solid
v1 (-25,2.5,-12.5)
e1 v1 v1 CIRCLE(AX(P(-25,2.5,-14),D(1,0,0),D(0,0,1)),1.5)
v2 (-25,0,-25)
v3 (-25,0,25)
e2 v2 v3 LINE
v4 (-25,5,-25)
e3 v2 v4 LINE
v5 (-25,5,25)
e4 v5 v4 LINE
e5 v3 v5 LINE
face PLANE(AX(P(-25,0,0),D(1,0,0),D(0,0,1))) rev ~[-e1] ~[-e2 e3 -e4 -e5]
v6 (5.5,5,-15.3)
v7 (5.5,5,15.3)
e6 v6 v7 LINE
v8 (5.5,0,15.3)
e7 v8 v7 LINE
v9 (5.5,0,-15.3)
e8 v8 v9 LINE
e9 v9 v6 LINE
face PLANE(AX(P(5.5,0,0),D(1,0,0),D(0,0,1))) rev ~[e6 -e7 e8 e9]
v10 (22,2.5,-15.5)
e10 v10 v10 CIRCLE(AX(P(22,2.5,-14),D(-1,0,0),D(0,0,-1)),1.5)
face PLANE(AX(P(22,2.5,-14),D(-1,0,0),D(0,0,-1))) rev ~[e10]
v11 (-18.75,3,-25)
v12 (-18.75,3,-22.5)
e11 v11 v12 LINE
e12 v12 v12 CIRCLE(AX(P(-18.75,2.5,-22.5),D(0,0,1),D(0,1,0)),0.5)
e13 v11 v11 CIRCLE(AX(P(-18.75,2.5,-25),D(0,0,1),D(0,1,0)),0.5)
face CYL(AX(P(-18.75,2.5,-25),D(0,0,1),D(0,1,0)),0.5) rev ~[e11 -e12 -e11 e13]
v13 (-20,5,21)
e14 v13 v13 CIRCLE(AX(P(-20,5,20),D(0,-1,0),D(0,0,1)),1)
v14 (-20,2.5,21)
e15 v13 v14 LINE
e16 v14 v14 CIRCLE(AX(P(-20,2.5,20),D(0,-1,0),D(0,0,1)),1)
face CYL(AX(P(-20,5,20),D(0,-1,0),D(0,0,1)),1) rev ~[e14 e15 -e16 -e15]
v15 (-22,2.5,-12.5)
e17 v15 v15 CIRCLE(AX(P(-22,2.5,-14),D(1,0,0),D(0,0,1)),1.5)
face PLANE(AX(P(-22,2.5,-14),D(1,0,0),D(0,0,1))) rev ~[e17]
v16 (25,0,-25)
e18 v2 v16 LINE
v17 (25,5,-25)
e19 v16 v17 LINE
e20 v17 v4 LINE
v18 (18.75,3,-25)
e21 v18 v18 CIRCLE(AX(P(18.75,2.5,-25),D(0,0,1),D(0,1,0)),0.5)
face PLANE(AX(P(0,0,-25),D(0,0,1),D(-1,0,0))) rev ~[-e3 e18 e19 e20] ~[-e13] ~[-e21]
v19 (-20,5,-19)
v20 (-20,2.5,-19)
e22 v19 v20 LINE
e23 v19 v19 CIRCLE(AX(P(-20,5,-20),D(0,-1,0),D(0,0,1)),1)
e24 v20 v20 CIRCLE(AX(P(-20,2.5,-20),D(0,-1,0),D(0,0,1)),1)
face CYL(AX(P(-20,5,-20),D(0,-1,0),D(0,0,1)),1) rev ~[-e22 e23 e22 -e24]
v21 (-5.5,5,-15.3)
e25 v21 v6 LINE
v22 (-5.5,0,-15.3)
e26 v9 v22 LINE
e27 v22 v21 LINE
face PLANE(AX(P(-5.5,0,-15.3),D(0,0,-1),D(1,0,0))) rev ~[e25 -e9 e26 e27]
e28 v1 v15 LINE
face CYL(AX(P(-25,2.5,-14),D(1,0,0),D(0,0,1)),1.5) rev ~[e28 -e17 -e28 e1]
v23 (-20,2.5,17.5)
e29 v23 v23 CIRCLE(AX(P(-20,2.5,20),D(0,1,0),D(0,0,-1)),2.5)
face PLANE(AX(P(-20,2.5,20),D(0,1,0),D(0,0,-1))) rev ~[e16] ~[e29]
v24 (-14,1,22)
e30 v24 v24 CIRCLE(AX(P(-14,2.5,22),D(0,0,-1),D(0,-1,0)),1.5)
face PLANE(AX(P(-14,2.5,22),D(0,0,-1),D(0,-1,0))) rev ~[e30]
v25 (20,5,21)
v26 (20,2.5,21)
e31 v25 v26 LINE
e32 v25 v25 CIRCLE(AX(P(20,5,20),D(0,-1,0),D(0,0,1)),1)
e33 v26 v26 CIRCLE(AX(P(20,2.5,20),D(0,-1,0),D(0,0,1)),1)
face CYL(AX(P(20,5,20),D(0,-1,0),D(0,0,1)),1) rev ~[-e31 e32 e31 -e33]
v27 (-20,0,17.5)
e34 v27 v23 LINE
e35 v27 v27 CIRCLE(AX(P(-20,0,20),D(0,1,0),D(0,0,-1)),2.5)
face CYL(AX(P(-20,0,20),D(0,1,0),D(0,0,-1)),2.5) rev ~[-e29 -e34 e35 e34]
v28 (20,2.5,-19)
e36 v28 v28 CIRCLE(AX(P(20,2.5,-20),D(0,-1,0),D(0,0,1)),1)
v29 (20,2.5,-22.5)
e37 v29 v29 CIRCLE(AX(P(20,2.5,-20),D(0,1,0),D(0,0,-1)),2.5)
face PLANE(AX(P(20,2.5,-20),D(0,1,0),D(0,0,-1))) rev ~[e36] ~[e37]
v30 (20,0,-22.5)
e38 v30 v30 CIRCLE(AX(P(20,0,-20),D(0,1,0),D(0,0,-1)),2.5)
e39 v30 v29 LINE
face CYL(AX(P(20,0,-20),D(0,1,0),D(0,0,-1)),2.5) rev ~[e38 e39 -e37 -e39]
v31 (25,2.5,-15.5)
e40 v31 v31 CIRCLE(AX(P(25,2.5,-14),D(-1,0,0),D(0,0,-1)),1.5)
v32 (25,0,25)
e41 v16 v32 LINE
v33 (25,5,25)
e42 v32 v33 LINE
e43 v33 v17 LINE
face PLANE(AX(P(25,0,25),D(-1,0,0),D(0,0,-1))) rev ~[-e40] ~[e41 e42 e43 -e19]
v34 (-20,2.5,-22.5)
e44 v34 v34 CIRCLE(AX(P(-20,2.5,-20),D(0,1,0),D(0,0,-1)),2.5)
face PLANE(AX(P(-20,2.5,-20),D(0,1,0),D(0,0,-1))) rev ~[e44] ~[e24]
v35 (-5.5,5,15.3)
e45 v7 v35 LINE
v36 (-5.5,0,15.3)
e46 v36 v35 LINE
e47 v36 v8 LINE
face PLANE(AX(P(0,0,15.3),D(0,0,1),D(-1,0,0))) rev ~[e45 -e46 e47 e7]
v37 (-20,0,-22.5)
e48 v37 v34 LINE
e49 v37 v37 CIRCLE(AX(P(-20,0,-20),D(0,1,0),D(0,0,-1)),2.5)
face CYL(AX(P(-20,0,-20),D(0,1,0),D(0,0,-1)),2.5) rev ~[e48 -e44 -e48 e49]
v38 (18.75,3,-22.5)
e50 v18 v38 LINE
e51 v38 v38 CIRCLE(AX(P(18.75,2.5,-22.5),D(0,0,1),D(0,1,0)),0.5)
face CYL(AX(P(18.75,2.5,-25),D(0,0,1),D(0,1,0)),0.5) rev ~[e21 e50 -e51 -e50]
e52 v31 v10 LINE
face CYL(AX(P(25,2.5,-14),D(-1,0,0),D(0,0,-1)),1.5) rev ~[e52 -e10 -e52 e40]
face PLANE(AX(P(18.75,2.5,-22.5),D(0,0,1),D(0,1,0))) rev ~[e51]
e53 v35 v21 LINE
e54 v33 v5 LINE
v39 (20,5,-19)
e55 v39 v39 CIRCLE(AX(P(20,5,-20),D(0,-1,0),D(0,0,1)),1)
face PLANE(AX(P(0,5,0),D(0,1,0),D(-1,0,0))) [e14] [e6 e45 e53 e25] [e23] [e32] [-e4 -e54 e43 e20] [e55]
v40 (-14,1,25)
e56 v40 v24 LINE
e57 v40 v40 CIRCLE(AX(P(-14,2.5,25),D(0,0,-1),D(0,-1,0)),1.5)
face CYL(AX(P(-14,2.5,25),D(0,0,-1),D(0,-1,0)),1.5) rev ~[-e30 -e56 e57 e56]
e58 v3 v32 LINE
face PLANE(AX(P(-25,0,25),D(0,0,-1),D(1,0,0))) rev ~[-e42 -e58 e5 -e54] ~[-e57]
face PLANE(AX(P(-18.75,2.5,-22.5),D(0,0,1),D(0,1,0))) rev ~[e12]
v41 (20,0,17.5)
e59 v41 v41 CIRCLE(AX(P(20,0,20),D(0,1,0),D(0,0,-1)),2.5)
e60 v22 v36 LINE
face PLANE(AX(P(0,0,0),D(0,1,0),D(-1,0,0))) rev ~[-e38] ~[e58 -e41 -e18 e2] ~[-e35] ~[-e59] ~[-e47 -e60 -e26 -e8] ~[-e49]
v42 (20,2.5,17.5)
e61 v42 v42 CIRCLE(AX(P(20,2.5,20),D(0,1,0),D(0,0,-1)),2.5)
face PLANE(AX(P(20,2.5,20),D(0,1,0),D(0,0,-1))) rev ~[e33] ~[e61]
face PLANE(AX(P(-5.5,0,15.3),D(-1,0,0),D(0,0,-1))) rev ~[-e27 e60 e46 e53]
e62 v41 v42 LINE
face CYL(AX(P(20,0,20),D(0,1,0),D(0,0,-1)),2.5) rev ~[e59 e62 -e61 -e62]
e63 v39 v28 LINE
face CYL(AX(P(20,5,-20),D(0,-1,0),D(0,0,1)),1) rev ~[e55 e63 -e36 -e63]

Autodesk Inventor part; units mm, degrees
ref_plane "YZ Plane" through (0, 0, 0) normal (1, 0, 0) x (0, 1, 0)
ref_plane "XZ Plane" through (0, 0, 0) normal (0, 1, 0) x (-1, 0, 0)
ref_plane "XY Plane" through (0, 0, 0) normal (0, 0, 1) x (1, 0, 0)
sketch "Szkic1" plane through (0, 0, 0) normal (0, 1, 0) x (-1, 0, 0)
  line L0 (25, 25) -> (-25, 25)
  line L1 (-25, 25) -> (-25, -25)
  line L2 (-25, -25) -> (25, -25)
  line L3 (25, -25) -> (25, 25)
  line L4 (0, 25) -> (0, -25)
  line L5 (25, 0) -> (-25, 0)
  circle A0 centre (20, -20) radius 2.5
  circle A1 centre (20, 20) radius 2.5
  circle A2 centre (-20, -20) radius 2.5
  circle A3 centre (-20, 20) radius 2.5
  line L6 (-5.5, 15.3) -> (5.5, 15.3)
  line L7 (5.5, 15.3) -> (5.5, -15.3)
  line L8 (5.5, -15.3) -> (-5.5, -15.3)
  line L9 (-5.5, -15.3) -> (-5.5, 15.3)
  point P0 (0, 0)
  point P1 (0, 0)
  dimension "d0" = 50
  dimension "d1" = 50
  dimension "d2" = 25
  dimension "d3" = 25
  dimension "d4" = 5
  dimension "d5" = 20
  dimension "d6" = 20
  dimension "d69" = 11
  dimension "d70" = 30.6
sketch "Szkic2" plane through (0, 0, 0) normal (0, 1, 0) x (-1, 0, 0)
  point P0 (0, 0)
extrude "Wyciągnięcie proste1" add sketch "Szkic1" along normal blind 5 contours L3 L5 L7 L6 L4 L0 | L4 L6 L9 L5 L1 L0 | L3 L2 L4 L8 L7 L5 | L5 L9 L8 L4 L2 L1 | A0 | A1 | A2 | A3
sketch "Szkic3" plane through (0, 0, 0) normal (0, -1, 0) x (1, 0, 0)
  circle A0 centre (-20, -20) radius 2.5
  line L0 (0, 29.2243) -> (0, -29.2243)
  line L1 (55.447, 0) -> (-42.023, 0)
  circle A1 centre (20, -20) radius 2.5
  circle A2 centre (-20, 20) radius 2.5
  circle A3 centre (20, 20) radius 2.5
  point P0 (0, 0)
  point P1 (0, 0)
  dimension "d9" = 5
  dimension "d10" = 20
  dimension "d11" = 20
hole "Otwór1" at (20, 0, -20) at (-20, 0, -20) at (-20, 0, 20) at (20, 0, 20) direction (0, 1, 0) diameter 5 depth 2.5
sketch "Szkic4" plane through (0, 5, 0) normal (0, 1, 0) x (1, 0, 0)
  line L0 (53.1876, 0) -> (-53.1876, 0)
  line L1 (0, 32.3787) -> (0, -30.0481)
  circle A0 centre (20, -20) radius 2.5 projected
  circle A1 centre (20, -20) radius 2.5
  circle A2 centre (-20, -20) radius 2.5
  circle A3 centre (20, 20) radius 2.5 projected
  circle A4 centre (20, 20) radius 2.5
  circle A5 centre (-20, 20) radius 2.5 projected
  circle A6 centre (-20, 20) radius 2.5
  point P0 (0, 0)
  point P1 (0, 0)
hole "Otwór2" at (-20, 5, -20) at (20, 5, -20) at (20, 5, 20) at (-20, 5, 20) direction (0, -1, 0) diameter 2 depth 2.5
sketch "Szkic5" plane through (25, 0, 25) normal (1, 0, 0) x (0, 0, -1)
  circle A0 centre (39, 2.5) radius 1.5
  line L0 (0, 0) -> (50, 0) projected
  line L1 (50, 0) -> (50, 5) projected
  point P0 (25, 0)
  dimension "d26" = 3
  dimension "d27" = 2.5
  dimension "d28" = 11
sketch "Szkic6" plane through (-25, 0, -25) normal (-1, 0, 0) x (0, 0, 1)
  circle A0 centre (11, 2.5) radius 1.5
  line L0 (0, 0) -> (0, 5) projected
  line L1 (0, 0) -> (50, 0) projected
  point P0 (25, 0)
  dimension "d29" = 3
  dimension "d30" = 11
  dimension "d31" = 2.5
sketch "Szkic7" plane through (-25, 0, 25) normal (0, 0, 1) x (1, 0, 0)
  circle A0 centre (11, 2.5) radius 1.5
  line L0 (0, 0) -> (0, 5) projected
  line L1 (0, 0) -> (50, 0) projected
  point P0 (25, 0)
  dimension "d32" = 3
  dimension "d33" = 11
  dimension "d34" = 2.5
hole "Otwór3" at (-14, 2.5, 25) direction (0, 0, -1) diameter 3 depth 3
hole "Otwór4" at (-25, 2.5, -14) direction (1, 0, 0) diameter 3 depth 3
hole "Otwór5" at (25, 2.5, -14) direction (-1, 0, 0) diameter 3 depth 3
sketch "Szkic8" plane through (25, 0, -25) normal (0, 0, -1) x (-1, 0, 0)
  circle A0 centre (6.25, 2.5) radius 0.5
  line L0 (0, 0) -> (0, 5) projected
  line L1 (0, 0) -> (50, 0) projected
  circle A1 centre (43.75, 2.5) radius 0.5
  line L2 (50, 0) -> (50, 5) projected
  point P0 (25, 0)
  dimension "d56" = 6.25
  dimension "d57" = 1
  dimension "d58" = 2.5
  dimension "d59" = 1
  dimension "d60" = 6.25
  dimension "d61" = 2.5
hole "Otwór6" at (18.75, 2.5, -25) at (-18.75, 2.5, -25) direction (0, 0, 1) diameter 1 depth 2.5
sketch "Szkic9" plane through (25, 0, 25) normal (1, 0, 0) x (0, 0, -1)
  point P0 (25, 0)
properties part number "platforma wriertnicza"
